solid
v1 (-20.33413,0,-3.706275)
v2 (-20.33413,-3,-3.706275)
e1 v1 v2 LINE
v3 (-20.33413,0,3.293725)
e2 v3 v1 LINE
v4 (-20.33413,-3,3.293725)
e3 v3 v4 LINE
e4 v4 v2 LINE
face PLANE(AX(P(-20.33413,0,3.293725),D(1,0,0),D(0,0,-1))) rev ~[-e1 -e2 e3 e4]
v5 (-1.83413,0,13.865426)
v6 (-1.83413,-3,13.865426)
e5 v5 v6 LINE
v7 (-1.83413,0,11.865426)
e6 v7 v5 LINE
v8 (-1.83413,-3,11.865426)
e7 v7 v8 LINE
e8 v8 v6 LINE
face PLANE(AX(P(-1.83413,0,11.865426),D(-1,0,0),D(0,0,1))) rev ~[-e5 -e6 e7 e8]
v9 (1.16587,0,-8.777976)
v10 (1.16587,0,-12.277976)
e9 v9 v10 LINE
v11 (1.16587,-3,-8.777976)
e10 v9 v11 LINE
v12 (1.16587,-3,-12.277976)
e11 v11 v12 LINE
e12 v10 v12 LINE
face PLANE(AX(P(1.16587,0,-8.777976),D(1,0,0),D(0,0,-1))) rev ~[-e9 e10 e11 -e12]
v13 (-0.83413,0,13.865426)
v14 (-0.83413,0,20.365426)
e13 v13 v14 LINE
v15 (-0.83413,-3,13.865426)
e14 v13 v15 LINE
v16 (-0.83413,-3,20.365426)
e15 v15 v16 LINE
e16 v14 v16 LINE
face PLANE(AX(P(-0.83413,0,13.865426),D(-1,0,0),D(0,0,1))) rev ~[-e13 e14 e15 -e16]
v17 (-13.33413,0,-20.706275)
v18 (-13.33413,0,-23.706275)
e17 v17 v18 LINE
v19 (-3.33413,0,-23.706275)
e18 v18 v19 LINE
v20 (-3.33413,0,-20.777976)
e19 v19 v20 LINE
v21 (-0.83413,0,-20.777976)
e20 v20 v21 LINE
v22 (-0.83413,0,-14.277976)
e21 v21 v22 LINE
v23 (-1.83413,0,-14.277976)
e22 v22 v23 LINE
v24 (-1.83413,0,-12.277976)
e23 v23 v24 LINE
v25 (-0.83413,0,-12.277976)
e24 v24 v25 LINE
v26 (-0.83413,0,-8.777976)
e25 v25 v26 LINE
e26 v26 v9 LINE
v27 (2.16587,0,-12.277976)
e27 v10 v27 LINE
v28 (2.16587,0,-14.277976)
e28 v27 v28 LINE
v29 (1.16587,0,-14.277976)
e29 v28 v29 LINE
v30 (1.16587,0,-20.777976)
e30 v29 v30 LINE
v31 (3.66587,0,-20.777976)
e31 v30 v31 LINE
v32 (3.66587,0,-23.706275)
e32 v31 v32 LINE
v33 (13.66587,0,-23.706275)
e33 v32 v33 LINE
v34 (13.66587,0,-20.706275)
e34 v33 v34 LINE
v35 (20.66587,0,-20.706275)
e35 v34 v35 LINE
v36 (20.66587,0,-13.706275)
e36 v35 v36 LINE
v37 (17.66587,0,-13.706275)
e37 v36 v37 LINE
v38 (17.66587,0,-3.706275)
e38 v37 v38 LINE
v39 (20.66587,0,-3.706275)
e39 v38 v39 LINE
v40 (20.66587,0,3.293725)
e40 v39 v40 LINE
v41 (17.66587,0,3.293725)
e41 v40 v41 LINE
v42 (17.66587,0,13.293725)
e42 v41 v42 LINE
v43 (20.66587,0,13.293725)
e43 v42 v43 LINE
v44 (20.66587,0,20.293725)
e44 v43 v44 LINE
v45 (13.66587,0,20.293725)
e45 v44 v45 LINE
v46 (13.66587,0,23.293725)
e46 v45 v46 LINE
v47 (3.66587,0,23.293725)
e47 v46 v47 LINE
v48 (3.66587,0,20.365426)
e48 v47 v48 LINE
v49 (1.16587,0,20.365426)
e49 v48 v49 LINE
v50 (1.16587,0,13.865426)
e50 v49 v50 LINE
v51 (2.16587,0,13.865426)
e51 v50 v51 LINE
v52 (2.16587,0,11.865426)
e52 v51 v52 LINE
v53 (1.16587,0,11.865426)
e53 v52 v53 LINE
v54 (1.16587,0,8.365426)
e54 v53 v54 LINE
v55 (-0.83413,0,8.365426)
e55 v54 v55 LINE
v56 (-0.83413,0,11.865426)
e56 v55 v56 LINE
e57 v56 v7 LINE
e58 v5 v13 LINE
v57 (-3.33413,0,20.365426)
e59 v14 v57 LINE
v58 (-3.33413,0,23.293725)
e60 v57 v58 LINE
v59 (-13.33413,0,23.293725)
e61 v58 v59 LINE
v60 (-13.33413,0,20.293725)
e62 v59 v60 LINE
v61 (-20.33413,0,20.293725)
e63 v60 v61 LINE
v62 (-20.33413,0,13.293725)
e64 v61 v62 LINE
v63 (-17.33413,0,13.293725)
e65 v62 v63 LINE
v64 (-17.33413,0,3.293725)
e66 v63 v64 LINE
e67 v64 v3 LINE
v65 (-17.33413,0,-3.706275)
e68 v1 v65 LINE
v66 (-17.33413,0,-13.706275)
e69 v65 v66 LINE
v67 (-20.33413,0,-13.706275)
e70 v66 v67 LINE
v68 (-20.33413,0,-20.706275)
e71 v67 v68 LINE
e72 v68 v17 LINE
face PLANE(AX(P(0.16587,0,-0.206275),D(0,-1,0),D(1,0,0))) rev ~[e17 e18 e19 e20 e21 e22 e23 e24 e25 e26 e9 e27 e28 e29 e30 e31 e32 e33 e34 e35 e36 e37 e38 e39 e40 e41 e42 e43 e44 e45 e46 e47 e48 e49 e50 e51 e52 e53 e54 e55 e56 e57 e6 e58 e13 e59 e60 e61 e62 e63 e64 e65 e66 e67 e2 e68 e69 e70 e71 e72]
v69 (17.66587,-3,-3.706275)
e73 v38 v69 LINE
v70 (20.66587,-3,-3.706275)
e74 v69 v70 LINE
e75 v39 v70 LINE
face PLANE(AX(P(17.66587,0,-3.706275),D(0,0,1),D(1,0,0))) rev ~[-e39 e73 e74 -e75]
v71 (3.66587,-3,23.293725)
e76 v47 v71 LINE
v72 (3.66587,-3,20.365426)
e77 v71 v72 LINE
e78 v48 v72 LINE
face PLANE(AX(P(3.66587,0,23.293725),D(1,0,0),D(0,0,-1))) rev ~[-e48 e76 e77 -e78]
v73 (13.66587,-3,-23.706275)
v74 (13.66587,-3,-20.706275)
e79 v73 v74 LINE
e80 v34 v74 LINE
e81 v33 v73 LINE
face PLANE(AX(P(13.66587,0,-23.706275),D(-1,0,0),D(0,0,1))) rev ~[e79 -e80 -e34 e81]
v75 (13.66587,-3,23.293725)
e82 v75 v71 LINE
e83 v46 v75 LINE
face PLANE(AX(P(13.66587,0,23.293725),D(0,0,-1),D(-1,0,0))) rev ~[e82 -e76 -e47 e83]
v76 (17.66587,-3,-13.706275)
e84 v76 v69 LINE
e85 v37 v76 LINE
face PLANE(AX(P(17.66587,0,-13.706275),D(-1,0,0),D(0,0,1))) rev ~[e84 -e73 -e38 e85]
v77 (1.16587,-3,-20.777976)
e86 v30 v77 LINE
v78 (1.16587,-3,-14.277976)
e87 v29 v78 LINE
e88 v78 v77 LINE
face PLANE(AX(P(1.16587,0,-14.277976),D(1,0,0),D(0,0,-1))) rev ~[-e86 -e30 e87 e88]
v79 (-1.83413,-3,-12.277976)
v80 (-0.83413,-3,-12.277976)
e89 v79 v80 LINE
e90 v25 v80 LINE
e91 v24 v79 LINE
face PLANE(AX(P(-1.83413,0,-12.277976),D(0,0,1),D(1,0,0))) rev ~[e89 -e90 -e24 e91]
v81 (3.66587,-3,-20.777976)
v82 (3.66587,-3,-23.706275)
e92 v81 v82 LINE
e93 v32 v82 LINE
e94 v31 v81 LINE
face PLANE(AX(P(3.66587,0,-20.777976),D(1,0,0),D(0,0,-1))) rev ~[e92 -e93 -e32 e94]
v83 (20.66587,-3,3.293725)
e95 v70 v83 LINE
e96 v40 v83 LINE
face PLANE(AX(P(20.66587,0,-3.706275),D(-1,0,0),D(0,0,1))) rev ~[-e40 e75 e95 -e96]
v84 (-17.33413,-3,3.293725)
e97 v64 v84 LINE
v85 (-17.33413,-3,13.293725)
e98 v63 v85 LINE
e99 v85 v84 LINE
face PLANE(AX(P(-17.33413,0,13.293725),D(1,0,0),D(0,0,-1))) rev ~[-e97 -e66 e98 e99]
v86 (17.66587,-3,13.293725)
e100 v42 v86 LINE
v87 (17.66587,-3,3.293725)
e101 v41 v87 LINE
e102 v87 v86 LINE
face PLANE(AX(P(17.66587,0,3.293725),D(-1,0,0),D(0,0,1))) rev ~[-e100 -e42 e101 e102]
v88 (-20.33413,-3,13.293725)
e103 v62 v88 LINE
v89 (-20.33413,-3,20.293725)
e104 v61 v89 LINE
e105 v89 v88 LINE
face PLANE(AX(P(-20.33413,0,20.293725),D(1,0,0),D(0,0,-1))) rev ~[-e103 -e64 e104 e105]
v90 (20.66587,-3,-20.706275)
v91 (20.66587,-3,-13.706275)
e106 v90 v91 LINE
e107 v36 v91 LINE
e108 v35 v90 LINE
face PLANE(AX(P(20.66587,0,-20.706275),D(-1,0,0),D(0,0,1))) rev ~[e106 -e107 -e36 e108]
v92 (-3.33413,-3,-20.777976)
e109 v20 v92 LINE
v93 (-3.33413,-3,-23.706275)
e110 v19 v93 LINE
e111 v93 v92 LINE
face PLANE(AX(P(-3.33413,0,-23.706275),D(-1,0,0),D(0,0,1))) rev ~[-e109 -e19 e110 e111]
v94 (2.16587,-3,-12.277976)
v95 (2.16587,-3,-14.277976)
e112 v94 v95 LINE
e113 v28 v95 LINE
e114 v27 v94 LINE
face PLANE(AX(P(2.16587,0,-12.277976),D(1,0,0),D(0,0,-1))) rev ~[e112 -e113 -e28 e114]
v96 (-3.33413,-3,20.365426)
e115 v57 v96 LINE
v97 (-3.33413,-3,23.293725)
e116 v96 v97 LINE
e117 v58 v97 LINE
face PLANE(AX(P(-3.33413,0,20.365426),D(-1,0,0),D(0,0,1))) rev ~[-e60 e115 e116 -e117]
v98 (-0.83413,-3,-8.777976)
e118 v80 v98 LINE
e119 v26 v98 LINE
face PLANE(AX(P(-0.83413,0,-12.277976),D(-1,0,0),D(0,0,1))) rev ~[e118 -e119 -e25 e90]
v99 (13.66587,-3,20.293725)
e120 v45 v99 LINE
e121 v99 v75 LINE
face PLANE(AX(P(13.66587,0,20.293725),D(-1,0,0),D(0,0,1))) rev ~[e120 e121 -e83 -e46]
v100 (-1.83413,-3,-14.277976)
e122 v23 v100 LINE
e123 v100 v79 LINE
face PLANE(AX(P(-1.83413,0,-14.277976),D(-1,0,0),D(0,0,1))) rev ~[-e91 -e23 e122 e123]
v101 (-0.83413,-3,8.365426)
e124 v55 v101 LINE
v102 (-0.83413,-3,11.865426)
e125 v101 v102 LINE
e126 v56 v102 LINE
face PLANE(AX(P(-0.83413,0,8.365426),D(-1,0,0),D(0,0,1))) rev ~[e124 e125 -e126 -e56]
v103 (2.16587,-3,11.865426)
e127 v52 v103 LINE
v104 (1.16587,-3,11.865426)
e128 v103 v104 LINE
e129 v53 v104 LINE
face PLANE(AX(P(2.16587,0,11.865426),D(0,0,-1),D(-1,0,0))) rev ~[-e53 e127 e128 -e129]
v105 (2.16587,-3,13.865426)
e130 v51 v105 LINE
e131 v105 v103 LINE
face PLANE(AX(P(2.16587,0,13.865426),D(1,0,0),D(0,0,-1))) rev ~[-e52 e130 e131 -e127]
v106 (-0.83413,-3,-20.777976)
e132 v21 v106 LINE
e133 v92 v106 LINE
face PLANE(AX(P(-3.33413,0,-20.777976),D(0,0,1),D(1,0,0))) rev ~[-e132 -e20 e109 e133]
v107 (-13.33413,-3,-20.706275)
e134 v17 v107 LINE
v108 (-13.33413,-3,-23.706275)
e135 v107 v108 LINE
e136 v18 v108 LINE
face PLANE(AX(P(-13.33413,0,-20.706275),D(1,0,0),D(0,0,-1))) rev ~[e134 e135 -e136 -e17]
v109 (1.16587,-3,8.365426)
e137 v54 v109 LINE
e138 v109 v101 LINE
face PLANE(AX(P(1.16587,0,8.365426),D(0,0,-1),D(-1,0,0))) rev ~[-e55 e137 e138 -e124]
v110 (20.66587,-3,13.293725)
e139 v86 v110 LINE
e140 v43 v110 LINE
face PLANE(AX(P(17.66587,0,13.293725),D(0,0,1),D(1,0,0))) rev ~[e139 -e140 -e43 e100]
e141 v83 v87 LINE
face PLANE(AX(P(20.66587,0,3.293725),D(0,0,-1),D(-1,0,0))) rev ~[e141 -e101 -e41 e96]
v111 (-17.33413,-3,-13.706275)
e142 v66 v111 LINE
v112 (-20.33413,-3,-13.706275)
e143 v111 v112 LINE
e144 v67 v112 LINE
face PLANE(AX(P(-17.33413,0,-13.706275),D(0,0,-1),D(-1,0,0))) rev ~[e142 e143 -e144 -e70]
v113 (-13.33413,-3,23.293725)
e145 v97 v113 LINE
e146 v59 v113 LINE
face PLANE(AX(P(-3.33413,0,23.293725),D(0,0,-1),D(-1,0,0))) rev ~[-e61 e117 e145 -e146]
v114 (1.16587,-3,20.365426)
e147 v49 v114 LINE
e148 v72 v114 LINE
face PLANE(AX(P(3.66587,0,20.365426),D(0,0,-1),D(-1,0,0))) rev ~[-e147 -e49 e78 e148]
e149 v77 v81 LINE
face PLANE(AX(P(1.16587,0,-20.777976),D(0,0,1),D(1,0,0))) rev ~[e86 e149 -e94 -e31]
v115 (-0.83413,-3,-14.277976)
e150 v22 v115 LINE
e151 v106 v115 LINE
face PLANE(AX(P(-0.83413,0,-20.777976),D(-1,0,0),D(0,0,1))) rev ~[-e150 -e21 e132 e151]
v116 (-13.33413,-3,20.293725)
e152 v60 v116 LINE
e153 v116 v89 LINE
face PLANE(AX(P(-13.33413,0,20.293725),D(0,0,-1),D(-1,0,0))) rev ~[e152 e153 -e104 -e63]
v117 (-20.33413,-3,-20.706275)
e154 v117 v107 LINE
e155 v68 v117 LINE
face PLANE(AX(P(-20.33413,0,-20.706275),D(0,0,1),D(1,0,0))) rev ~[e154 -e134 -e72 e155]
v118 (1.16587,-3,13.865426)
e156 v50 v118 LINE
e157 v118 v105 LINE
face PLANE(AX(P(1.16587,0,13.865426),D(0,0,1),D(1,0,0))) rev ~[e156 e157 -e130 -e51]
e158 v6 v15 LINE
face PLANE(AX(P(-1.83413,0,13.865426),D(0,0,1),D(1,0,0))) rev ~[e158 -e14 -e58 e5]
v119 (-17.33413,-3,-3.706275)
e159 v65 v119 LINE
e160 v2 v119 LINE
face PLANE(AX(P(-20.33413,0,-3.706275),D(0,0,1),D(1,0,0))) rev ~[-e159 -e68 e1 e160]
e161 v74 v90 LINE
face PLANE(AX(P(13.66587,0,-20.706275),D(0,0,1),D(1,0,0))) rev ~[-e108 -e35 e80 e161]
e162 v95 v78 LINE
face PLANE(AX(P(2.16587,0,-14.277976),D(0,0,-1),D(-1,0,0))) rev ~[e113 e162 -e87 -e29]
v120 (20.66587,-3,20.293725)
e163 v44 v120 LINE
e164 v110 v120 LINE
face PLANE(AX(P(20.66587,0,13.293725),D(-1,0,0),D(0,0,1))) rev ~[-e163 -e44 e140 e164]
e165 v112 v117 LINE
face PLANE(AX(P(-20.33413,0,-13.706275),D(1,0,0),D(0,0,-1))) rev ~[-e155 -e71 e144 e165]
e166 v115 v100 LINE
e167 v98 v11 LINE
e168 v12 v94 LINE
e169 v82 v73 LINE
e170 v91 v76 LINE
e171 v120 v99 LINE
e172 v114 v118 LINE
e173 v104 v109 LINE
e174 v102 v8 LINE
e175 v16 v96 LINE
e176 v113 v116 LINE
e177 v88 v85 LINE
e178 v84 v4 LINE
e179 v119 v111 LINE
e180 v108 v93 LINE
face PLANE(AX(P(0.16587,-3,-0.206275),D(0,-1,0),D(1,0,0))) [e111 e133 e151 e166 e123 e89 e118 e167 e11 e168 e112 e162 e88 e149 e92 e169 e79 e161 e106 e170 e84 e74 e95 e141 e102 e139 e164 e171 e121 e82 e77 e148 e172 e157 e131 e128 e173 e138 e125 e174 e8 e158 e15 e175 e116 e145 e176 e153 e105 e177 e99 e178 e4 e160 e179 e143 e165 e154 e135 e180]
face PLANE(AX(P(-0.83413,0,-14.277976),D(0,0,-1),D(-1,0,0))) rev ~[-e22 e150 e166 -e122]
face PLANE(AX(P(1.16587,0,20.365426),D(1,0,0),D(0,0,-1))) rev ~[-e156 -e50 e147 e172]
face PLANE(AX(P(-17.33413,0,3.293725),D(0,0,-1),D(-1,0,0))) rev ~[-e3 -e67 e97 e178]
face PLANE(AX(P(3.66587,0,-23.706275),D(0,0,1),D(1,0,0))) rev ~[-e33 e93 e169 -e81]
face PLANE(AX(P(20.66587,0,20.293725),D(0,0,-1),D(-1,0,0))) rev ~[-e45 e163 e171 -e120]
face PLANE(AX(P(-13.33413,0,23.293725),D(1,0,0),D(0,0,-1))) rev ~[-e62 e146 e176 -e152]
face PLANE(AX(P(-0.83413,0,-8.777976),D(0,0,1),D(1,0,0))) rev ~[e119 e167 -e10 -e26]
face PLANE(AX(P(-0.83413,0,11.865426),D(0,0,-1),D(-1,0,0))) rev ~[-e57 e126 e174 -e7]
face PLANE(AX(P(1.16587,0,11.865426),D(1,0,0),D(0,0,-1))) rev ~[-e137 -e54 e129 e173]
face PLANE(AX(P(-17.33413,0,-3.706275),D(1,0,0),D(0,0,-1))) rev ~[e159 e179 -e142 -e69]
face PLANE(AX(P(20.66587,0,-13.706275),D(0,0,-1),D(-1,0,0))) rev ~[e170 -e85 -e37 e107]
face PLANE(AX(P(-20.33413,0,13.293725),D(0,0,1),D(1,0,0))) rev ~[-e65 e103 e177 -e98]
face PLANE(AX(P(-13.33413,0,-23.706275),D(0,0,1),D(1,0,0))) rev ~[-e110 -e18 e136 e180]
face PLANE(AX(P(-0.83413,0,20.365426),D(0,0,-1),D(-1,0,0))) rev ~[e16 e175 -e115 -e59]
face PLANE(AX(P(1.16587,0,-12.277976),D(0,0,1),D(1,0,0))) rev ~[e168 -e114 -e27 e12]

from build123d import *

# Parameters (mm, degrees)
F1_DEPTH = 3


with BuildPart() as f1:
    # F0 (on Front) → F1 (new body)
    with BuildSketch(Plane.XZ):
        Polygon((13.66587, 20.293725), (13.66587, 23.293725), (3.66587, 23.293725), (3.66587, 20.365426), (1.16587, 20.365426), (1.16587, 13.865426), (2.16587, 13.865426), (2.16587, 11.865426), (1.16587, 11.865426), (1.16587, 8.365426), (-0.83413, 8.365426), (-0.83413, 11.865426), (-1.83413, 11.865426), (-1.83413, 13.865426), (-0.83413, 13.865426), (-0.83413, 20.365426), (-3.33413, 20.365426), (-3.33413, 23.293725), (-13.33413, 23.293725), (-13.33413, 20.293725), (-20.33413, 20.293725), (-20.33413, 13.293725), (-17.33413, 13.293725), (-17.33413, 3.293725), (-20.33413, 3.293725), (-20.33413, -3.706275), (-17.33413, -3.706275), (-17.33413, -13.706275), (-20.33413, -13.706275), (-20.33413, -20.706275), (-13.33413, -20.706275), (-13.33413, -23.706275), (-3.33413, -23.706275), (-3.33413, -20.777976), (-0.83413, -20.777976), (-0.83413, -14.277976), (-1.83413, -14.277976), (-1.83413, -12.277976), (-0.83413, -12.277976), (-0.83413, -8.777976), (1.16587, -8.777976), (1.16587, -12.277976), (2.16587, -12.277976), (2.16587, -14.277976), (1.16587, -14.277976), (1.16587, -20.777976), (3.66587, -20.777976), (3.66587, -23.706275), (13.66587, -23.706275), (13.66587, -20.706275), (20.66587, -20.706275), (20.66587, -13.706275), (17.66587, -13.706275), (17.66587, -3.706275), (20.66587, -3.706275), (20.66587, 3.293725), (17.66587, 3.293725), (17.66587, 13.293725), (20.66587, 13.293725), (20.66587, 20.293725), align=None)
    extrude(amount=F1_DEPTH)


solid = f1.part
